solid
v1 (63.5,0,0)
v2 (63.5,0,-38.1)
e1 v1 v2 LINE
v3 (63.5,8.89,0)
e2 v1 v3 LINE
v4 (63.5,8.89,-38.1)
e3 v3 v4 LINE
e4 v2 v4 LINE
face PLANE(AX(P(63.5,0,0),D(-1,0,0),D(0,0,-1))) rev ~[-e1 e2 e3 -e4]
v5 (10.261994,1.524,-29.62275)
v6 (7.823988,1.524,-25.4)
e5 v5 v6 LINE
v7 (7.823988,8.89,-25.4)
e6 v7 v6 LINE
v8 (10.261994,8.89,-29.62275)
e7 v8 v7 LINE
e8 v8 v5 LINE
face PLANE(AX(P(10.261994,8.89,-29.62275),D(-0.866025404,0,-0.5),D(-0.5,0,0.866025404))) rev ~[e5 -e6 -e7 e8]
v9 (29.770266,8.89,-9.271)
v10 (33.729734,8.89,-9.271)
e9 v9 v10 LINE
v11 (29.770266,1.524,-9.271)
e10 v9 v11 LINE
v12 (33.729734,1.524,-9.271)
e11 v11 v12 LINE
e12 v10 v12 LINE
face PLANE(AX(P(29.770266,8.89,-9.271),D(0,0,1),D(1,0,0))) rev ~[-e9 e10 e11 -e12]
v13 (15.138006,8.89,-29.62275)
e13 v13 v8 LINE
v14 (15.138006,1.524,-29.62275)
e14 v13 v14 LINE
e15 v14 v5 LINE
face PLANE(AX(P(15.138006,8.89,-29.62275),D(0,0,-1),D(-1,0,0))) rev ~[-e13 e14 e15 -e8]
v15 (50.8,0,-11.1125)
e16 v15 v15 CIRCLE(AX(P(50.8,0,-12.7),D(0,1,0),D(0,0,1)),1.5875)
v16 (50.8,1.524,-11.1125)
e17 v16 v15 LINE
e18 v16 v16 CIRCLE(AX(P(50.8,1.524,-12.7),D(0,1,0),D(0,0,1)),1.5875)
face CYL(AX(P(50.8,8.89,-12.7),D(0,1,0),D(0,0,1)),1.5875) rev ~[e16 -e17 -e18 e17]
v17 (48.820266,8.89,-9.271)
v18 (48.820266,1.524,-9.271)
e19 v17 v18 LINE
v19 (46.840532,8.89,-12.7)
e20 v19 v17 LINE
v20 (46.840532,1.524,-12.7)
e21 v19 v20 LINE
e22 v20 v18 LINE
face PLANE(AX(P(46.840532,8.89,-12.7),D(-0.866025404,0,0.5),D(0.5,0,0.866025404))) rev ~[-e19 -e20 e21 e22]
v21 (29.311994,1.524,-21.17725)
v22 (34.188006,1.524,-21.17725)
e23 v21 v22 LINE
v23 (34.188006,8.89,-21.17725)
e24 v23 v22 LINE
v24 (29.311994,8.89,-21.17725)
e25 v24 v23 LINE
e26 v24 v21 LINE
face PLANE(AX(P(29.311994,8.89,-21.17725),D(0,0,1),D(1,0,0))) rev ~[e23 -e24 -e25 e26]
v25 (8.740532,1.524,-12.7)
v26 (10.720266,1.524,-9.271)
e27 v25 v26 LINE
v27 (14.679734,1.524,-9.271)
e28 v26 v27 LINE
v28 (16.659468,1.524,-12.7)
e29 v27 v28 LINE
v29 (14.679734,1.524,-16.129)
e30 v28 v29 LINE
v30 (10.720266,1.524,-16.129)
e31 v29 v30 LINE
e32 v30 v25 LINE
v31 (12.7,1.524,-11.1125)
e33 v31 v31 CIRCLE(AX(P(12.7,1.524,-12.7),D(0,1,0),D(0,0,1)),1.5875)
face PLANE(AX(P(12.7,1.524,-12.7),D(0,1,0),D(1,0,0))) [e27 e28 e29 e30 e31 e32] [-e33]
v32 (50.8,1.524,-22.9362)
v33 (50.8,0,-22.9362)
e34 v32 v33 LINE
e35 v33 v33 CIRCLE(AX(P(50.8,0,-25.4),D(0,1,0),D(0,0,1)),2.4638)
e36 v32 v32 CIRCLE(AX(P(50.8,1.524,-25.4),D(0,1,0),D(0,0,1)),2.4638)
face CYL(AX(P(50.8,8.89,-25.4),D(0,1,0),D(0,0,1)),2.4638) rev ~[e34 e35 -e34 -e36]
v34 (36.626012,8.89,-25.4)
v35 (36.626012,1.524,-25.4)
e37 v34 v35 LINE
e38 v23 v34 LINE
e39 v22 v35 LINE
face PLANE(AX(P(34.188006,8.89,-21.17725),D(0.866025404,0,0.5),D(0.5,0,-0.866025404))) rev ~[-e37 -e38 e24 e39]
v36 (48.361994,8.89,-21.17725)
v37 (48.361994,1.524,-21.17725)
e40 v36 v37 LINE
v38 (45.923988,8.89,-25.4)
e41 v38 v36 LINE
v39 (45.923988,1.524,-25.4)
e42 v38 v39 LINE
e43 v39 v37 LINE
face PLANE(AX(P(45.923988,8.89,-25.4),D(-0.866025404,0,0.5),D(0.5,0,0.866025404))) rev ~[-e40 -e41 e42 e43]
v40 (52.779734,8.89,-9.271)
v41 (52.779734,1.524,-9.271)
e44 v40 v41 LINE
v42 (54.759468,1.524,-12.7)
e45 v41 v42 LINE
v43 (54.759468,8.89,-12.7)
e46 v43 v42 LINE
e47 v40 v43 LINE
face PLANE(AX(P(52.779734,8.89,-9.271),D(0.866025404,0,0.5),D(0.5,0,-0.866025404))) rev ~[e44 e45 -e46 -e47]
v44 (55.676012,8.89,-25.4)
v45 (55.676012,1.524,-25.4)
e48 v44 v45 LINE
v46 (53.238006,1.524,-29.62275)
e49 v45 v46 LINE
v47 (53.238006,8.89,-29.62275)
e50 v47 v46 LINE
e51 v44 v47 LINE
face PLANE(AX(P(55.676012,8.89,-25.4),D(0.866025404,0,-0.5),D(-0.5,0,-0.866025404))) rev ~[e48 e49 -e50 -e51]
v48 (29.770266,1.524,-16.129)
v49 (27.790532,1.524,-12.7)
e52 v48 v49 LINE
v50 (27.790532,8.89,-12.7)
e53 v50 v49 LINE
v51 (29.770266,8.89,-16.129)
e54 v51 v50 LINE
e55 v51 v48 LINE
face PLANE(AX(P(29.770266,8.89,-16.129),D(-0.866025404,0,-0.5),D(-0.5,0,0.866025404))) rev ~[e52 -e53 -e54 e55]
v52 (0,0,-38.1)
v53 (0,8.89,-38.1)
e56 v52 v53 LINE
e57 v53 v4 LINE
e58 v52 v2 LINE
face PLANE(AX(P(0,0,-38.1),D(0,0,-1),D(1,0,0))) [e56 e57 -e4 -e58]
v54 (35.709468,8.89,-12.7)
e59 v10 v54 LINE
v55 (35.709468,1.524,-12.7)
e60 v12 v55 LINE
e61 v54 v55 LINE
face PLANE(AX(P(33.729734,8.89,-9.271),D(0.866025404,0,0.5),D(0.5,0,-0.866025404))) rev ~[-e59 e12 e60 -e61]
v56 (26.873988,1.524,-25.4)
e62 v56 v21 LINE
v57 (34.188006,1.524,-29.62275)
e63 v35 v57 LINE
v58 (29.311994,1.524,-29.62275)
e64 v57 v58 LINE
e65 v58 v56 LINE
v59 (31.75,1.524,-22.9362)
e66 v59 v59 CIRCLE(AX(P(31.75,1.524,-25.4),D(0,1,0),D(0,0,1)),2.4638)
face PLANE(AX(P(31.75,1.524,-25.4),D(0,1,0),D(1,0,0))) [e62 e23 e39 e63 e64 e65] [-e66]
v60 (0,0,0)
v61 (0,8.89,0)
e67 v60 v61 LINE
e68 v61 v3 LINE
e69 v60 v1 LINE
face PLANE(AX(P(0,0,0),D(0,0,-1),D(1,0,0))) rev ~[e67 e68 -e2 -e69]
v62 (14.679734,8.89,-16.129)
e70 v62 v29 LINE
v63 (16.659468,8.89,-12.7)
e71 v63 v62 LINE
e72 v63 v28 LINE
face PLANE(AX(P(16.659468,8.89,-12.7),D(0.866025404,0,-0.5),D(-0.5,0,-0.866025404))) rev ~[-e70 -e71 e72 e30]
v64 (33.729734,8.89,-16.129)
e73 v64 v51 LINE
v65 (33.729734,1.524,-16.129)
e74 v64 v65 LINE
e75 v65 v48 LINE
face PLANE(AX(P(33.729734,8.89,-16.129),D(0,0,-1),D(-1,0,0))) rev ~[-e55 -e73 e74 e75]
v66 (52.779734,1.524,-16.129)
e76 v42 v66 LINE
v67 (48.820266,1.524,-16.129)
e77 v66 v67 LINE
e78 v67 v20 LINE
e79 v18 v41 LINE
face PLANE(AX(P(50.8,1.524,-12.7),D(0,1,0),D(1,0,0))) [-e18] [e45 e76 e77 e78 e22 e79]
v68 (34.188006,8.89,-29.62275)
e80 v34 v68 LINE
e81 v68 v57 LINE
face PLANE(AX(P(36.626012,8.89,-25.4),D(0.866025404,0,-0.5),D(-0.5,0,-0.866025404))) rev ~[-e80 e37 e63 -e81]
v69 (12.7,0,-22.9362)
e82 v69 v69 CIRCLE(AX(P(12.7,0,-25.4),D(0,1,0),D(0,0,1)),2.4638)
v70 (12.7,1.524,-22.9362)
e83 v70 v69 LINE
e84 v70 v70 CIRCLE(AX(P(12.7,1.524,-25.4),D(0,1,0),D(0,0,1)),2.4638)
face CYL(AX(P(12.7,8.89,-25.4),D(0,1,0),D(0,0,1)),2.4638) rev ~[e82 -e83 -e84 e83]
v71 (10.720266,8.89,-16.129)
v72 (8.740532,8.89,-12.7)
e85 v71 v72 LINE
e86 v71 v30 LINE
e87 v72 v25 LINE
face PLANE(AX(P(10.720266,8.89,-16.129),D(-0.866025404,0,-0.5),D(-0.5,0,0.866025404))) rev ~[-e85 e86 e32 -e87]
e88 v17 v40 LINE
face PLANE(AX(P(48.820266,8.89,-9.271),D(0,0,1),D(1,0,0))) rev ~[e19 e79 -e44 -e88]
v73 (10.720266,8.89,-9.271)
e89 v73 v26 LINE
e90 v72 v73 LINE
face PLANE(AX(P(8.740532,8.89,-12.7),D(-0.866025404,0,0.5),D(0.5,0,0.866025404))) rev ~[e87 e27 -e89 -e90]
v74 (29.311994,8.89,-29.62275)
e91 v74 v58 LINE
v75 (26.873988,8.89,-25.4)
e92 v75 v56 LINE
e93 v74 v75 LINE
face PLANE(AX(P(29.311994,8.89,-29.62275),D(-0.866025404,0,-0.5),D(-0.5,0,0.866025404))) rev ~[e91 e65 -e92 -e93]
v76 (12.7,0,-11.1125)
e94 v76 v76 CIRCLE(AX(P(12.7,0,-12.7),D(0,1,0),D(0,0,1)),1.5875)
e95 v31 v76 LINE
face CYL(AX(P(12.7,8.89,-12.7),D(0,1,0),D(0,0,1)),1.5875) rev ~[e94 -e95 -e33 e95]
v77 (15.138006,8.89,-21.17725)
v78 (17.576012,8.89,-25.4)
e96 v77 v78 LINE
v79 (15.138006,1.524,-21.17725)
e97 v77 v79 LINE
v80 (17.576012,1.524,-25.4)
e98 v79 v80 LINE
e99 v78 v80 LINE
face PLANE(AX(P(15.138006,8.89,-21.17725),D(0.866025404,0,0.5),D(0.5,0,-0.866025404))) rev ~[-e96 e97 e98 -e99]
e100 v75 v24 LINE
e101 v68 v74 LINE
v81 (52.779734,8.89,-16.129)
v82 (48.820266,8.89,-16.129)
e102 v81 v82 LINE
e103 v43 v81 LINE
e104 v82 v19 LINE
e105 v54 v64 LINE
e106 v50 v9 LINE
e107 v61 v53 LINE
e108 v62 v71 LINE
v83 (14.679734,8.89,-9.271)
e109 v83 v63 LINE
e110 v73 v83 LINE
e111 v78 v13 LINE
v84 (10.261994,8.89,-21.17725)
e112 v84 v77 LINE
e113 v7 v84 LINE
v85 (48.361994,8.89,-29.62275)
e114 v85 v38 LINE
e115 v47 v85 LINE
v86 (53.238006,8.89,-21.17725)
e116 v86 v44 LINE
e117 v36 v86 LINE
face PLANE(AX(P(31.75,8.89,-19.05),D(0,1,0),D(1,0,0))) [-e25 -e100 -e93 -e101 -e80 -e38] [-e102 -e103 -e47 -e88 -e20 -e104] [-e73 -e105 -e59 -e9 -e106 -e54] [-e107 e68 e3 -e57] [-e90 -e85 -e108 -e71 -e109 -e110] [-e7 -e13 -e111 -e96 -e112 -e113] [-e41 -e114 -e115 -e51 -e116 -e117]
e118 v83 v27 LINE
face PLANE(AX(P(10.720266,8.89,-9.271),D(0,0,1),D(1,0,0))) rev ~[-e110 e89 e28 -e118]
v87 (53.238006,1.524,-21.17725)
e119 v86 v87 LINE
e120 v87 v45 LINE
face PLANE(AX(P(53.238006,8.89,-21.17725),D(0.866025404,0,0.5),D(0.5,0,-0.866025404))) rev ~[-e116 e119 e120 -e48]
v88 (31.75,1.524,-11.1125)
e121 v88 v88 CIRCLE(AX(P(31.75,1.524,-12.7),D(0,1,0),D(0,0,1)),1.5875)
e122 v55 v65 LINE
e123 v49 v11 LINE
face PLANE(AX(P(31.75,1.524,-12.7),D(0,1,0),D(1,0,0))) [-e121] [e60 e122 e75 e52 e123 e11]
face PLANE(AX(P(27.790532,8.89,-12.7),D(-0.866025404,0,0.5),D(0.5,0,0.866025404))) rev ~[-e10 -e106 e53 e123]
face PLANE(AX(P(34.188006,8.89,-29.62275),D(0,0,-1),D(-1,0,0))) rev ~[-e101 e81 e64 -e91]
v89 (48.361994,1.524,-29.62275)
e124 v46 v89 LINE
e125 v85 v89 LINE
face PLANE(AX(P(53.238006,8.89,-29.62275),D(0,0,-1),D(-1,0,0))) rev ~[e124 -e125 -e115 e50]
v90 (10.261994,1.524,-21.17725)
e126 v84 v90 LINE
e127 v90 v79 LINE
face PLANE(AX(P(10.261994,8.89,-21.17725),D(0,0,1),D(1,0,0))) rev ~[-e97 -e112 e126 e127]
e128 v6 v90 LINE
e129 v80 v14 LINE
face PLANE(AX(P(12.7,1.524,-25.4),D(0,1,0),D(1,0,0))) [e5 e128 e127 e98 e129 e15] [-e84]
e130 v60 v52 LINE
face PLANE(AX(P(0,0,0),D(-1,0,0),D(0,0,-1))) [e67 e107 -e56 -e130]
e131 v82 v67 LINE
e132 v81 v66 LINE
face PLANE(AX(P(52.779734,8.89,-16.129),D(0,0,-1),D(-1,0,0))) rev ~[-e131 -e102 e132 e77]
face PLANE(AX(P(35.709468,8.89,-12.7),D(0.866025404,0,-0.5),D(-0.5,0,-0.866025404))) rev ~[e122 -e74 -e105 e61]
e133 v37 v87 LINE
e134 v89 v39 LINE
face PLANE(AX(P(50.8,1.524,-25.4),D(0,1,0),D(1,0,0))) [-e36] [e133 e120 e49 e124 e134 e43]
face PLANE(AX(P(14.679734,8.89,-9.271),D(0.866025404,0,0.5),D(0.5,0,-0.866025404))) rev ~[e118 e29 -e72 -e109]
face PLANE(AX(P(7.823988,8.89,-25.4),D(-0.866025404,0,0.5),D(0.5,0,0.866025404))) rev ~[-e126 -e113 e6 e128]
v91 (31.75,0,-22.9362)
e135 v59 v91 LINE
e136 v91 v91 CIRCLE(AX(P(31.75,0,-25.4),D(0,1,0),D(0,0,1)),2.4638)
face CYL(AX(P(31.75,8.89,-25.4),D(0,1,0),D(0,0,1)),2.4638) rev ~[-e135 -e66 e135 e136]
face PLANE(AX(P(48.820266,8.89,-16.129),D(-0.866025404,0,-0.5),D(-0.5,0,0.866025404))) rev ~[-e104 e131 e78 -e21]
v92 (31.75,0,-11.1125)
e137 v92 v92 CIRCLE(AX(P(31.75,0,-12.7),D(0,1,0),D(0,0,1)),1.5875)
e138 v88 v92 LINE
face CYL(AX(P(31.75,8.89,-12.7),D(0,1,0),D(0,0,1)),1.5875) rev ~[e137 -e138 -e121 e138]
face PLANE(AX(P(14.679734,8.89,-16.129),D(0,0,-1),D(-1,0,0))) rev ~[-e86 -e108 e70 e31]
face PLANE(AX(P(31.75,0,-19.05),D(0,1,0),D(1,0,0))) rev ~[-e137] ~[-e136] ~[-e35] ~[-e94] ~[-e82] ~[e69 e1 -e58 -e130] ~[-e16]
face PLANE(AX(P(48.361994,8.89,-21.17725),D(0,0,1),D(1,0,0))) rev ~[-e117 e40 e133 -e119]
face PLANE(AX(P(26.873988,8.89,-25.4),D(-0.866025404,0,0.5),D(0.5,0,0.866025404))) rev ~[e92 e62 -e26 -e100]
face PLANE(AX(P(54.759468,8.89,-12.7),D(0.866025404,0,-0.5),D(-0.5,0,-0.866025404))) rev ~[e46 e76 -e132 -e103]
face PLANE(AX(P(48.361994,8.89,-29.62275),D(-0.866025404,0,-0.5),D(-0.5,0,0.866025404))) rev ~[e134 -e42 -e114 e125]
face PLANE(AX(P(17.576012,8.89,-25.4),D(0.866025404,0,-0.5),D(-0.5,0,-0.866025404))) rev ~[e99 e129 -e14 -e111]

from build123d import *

# Parameters (mm, degrees)
SKETCH1_W           = 63.5
SKETCH1_H           = 38.1
BOSS_EXTRUDE1_DEPTH = 8.89
SKETCH2_R           = 2.4638
SKETCH2_R_2         = 1.5875
CUT_EXTRUDE1_DEPTH  = 7.366
SKETCH3_R           = 2.4638
SKETCH3_R_2         = 1.5875
CUT_EXTRUDE2_DEPTH  = 75.584798049


with BuildPart() as part:
    # Sketch1 → Boss-Extrude1 (new body)
    with BuildSketch(Plane(origin=(0, 0, 0), x_dir=(1, 0, 0), z_dir=(0, 1, 0))):
        with Locations((31.75, 19.05)):
            Rectangle(SKETCH1_W, SKETCH1_H)
    extrude(amount=BOSS_EXTRUDE1_DEPTH)

    # Sketch2 → Cut-Extrude1 (cut)
    # profile 1 of 6: a face of its own
    with BuildSketch(Plane(origin=(0, 8.89, 0), x_dir=(1, 0, 0), z_dir=(0, 1, 0))):
        Polygon((17.576011698, 25.4), (15.138005849, 29.62275), (10.261994151, 29.62275), (7.823988302, 25.4), (10.261994151, 21.17725), (15.138005849, 21.17725), align=None)
        with Locations(Location((12.7, 25.4, 0), (0, 0, 270))):
            Circle(SKETCH2_R, mode=Mode.SUBTRACT)
    # profile 2 of 6: a face of its own
    with BuildSketch(Plane(origin=(0, 8.89, 0), x_dir=(1, 0, 0), z_dir=(0, 1, 0))):
        Polygon((36.626011698, 25.4), (34.188005849, 29.62275), (29.311994151, 29.62275), (26.873988302, 25.4), (29.311994151, 21.17725), (34.188005849, 21.17725), align=None)
        with Locations(Location((31.75, 25.4, 0), (0, 0, 270))):
            Circle(SKETCH2_R, mode=Mode.SUBTRACT)
    # profile 3 of 6: a face of its own
    with BuildSketch(Plane(origin=(0, 8.89, 0), x_dir=(1, 0, 0), z_dir=(0, 1, 0))):
        Polygon((55.676011698, 25.4), (53.238005849, 29.62275), (48.361994151, 29.62275), (45.923988302, 25.4), (48.361994151, 21.17725), (53.238005849, 21.17725), align=None)
        with Locations(Location((50.8, 25.4, 0), (0, 0, 270))):
            Circle(SKETCH2_R, mode=Mode.SUBTRACT)
    # profile 4 of 6: a face of its own
    with BuildSketch(Plane(origin=(0, 8.89, 0), x_dir=(1, 0, 0), z_dir=(0, 1, 0))):
        Polygon((16.659468146, 12.7), (14.679734073, 16.129), (10.720265927, 16.129), (8.740531854, 12.7), (10.720265927, 9.271), (14.679734073, 9.271), align=None)
        with Locations(Location((12.7, 12.7, 0), (0, 0, 270))):
            Circle(SKETCH2_R_2, mode=Mode.SUBTRACT)
    # profile 5 of 6: a face of its own
    with BuildSketch(Plane(origin=(0, 8.89, 0), x_dir=(1, 0, 0), z_dir=(0, 1, 0))):
        Polygon((35.709468146, 12.7), (33.729734073, 16.129), (29.770265927, 16.129), (27.790531854, 12.7), (29.770265927, 9.271), (33.729734073, 9.271), align=None)
        with Locations(Location((31.75, 12.7, 0), (0, 0, 270))):
            Circle(SKETCH2_R_2, mode=Mode.SUBTRACT)
    # profile 6 of 6: a face of its own
    with BuildSketch(Plane(origin=(0, 8.89, 0), x_dir=(1, 0, 0), z_dir=(0, 1, 0))):
        Polygon((54.759468146, 12.7), (52.779734073, 16.129), (48.820265927, 16.129), (46.840531854, 12.7), (48.820265927, 9.271), (52.779734073, 9.271), align=None)
        with Locations(Location((50.8, 12.7, 0), (0, 0, 270))):
            Circle(SKETCH2_R_2, mode=Mode.SUBTRACT)
    extrude(amount=-CUT_EXTRUDE1_DEPTH, mode=Mode.SUBTRACT)

    # Sketch3 → Cut-Extrude2 (cut, through all)
    with BuildSketch(Plane(origin=(0, 8.89, 0), x_dir=(1, 0, 0), z_dir=(0, 1, 0))):
        with Locations(Location((12.7, 25.4, 0), (0, 0, 270))):
            Circle(SKETCH3_R)
        with Locations(Location((31.75, 25.4, 0), (0, 0, 270))):
            Circle(SKETCH3_R)
        with Locations(Location((50.8, 25.4, 0), (0, 0, 270))):
            Circle(SKETCH3_R)
        with Locations(Location((50.8, 12.7, 0), (0, 0, 270))):
            Circle(SKETCH3_R_2)
        with Locations(Location((31.75, 12.7, 0), (0, 0, 270))):
            Circle(SKETCH3_R_2)
        with Locations(Location((12.7, 12.7, 0), (0, 0, 270))):
            Circle(SKETCH3_R_2)
    extrude(amount=-CUT_EXTRUDE2_DEPTH, mode=Mode.SUBTRACT)


solid = part.part
